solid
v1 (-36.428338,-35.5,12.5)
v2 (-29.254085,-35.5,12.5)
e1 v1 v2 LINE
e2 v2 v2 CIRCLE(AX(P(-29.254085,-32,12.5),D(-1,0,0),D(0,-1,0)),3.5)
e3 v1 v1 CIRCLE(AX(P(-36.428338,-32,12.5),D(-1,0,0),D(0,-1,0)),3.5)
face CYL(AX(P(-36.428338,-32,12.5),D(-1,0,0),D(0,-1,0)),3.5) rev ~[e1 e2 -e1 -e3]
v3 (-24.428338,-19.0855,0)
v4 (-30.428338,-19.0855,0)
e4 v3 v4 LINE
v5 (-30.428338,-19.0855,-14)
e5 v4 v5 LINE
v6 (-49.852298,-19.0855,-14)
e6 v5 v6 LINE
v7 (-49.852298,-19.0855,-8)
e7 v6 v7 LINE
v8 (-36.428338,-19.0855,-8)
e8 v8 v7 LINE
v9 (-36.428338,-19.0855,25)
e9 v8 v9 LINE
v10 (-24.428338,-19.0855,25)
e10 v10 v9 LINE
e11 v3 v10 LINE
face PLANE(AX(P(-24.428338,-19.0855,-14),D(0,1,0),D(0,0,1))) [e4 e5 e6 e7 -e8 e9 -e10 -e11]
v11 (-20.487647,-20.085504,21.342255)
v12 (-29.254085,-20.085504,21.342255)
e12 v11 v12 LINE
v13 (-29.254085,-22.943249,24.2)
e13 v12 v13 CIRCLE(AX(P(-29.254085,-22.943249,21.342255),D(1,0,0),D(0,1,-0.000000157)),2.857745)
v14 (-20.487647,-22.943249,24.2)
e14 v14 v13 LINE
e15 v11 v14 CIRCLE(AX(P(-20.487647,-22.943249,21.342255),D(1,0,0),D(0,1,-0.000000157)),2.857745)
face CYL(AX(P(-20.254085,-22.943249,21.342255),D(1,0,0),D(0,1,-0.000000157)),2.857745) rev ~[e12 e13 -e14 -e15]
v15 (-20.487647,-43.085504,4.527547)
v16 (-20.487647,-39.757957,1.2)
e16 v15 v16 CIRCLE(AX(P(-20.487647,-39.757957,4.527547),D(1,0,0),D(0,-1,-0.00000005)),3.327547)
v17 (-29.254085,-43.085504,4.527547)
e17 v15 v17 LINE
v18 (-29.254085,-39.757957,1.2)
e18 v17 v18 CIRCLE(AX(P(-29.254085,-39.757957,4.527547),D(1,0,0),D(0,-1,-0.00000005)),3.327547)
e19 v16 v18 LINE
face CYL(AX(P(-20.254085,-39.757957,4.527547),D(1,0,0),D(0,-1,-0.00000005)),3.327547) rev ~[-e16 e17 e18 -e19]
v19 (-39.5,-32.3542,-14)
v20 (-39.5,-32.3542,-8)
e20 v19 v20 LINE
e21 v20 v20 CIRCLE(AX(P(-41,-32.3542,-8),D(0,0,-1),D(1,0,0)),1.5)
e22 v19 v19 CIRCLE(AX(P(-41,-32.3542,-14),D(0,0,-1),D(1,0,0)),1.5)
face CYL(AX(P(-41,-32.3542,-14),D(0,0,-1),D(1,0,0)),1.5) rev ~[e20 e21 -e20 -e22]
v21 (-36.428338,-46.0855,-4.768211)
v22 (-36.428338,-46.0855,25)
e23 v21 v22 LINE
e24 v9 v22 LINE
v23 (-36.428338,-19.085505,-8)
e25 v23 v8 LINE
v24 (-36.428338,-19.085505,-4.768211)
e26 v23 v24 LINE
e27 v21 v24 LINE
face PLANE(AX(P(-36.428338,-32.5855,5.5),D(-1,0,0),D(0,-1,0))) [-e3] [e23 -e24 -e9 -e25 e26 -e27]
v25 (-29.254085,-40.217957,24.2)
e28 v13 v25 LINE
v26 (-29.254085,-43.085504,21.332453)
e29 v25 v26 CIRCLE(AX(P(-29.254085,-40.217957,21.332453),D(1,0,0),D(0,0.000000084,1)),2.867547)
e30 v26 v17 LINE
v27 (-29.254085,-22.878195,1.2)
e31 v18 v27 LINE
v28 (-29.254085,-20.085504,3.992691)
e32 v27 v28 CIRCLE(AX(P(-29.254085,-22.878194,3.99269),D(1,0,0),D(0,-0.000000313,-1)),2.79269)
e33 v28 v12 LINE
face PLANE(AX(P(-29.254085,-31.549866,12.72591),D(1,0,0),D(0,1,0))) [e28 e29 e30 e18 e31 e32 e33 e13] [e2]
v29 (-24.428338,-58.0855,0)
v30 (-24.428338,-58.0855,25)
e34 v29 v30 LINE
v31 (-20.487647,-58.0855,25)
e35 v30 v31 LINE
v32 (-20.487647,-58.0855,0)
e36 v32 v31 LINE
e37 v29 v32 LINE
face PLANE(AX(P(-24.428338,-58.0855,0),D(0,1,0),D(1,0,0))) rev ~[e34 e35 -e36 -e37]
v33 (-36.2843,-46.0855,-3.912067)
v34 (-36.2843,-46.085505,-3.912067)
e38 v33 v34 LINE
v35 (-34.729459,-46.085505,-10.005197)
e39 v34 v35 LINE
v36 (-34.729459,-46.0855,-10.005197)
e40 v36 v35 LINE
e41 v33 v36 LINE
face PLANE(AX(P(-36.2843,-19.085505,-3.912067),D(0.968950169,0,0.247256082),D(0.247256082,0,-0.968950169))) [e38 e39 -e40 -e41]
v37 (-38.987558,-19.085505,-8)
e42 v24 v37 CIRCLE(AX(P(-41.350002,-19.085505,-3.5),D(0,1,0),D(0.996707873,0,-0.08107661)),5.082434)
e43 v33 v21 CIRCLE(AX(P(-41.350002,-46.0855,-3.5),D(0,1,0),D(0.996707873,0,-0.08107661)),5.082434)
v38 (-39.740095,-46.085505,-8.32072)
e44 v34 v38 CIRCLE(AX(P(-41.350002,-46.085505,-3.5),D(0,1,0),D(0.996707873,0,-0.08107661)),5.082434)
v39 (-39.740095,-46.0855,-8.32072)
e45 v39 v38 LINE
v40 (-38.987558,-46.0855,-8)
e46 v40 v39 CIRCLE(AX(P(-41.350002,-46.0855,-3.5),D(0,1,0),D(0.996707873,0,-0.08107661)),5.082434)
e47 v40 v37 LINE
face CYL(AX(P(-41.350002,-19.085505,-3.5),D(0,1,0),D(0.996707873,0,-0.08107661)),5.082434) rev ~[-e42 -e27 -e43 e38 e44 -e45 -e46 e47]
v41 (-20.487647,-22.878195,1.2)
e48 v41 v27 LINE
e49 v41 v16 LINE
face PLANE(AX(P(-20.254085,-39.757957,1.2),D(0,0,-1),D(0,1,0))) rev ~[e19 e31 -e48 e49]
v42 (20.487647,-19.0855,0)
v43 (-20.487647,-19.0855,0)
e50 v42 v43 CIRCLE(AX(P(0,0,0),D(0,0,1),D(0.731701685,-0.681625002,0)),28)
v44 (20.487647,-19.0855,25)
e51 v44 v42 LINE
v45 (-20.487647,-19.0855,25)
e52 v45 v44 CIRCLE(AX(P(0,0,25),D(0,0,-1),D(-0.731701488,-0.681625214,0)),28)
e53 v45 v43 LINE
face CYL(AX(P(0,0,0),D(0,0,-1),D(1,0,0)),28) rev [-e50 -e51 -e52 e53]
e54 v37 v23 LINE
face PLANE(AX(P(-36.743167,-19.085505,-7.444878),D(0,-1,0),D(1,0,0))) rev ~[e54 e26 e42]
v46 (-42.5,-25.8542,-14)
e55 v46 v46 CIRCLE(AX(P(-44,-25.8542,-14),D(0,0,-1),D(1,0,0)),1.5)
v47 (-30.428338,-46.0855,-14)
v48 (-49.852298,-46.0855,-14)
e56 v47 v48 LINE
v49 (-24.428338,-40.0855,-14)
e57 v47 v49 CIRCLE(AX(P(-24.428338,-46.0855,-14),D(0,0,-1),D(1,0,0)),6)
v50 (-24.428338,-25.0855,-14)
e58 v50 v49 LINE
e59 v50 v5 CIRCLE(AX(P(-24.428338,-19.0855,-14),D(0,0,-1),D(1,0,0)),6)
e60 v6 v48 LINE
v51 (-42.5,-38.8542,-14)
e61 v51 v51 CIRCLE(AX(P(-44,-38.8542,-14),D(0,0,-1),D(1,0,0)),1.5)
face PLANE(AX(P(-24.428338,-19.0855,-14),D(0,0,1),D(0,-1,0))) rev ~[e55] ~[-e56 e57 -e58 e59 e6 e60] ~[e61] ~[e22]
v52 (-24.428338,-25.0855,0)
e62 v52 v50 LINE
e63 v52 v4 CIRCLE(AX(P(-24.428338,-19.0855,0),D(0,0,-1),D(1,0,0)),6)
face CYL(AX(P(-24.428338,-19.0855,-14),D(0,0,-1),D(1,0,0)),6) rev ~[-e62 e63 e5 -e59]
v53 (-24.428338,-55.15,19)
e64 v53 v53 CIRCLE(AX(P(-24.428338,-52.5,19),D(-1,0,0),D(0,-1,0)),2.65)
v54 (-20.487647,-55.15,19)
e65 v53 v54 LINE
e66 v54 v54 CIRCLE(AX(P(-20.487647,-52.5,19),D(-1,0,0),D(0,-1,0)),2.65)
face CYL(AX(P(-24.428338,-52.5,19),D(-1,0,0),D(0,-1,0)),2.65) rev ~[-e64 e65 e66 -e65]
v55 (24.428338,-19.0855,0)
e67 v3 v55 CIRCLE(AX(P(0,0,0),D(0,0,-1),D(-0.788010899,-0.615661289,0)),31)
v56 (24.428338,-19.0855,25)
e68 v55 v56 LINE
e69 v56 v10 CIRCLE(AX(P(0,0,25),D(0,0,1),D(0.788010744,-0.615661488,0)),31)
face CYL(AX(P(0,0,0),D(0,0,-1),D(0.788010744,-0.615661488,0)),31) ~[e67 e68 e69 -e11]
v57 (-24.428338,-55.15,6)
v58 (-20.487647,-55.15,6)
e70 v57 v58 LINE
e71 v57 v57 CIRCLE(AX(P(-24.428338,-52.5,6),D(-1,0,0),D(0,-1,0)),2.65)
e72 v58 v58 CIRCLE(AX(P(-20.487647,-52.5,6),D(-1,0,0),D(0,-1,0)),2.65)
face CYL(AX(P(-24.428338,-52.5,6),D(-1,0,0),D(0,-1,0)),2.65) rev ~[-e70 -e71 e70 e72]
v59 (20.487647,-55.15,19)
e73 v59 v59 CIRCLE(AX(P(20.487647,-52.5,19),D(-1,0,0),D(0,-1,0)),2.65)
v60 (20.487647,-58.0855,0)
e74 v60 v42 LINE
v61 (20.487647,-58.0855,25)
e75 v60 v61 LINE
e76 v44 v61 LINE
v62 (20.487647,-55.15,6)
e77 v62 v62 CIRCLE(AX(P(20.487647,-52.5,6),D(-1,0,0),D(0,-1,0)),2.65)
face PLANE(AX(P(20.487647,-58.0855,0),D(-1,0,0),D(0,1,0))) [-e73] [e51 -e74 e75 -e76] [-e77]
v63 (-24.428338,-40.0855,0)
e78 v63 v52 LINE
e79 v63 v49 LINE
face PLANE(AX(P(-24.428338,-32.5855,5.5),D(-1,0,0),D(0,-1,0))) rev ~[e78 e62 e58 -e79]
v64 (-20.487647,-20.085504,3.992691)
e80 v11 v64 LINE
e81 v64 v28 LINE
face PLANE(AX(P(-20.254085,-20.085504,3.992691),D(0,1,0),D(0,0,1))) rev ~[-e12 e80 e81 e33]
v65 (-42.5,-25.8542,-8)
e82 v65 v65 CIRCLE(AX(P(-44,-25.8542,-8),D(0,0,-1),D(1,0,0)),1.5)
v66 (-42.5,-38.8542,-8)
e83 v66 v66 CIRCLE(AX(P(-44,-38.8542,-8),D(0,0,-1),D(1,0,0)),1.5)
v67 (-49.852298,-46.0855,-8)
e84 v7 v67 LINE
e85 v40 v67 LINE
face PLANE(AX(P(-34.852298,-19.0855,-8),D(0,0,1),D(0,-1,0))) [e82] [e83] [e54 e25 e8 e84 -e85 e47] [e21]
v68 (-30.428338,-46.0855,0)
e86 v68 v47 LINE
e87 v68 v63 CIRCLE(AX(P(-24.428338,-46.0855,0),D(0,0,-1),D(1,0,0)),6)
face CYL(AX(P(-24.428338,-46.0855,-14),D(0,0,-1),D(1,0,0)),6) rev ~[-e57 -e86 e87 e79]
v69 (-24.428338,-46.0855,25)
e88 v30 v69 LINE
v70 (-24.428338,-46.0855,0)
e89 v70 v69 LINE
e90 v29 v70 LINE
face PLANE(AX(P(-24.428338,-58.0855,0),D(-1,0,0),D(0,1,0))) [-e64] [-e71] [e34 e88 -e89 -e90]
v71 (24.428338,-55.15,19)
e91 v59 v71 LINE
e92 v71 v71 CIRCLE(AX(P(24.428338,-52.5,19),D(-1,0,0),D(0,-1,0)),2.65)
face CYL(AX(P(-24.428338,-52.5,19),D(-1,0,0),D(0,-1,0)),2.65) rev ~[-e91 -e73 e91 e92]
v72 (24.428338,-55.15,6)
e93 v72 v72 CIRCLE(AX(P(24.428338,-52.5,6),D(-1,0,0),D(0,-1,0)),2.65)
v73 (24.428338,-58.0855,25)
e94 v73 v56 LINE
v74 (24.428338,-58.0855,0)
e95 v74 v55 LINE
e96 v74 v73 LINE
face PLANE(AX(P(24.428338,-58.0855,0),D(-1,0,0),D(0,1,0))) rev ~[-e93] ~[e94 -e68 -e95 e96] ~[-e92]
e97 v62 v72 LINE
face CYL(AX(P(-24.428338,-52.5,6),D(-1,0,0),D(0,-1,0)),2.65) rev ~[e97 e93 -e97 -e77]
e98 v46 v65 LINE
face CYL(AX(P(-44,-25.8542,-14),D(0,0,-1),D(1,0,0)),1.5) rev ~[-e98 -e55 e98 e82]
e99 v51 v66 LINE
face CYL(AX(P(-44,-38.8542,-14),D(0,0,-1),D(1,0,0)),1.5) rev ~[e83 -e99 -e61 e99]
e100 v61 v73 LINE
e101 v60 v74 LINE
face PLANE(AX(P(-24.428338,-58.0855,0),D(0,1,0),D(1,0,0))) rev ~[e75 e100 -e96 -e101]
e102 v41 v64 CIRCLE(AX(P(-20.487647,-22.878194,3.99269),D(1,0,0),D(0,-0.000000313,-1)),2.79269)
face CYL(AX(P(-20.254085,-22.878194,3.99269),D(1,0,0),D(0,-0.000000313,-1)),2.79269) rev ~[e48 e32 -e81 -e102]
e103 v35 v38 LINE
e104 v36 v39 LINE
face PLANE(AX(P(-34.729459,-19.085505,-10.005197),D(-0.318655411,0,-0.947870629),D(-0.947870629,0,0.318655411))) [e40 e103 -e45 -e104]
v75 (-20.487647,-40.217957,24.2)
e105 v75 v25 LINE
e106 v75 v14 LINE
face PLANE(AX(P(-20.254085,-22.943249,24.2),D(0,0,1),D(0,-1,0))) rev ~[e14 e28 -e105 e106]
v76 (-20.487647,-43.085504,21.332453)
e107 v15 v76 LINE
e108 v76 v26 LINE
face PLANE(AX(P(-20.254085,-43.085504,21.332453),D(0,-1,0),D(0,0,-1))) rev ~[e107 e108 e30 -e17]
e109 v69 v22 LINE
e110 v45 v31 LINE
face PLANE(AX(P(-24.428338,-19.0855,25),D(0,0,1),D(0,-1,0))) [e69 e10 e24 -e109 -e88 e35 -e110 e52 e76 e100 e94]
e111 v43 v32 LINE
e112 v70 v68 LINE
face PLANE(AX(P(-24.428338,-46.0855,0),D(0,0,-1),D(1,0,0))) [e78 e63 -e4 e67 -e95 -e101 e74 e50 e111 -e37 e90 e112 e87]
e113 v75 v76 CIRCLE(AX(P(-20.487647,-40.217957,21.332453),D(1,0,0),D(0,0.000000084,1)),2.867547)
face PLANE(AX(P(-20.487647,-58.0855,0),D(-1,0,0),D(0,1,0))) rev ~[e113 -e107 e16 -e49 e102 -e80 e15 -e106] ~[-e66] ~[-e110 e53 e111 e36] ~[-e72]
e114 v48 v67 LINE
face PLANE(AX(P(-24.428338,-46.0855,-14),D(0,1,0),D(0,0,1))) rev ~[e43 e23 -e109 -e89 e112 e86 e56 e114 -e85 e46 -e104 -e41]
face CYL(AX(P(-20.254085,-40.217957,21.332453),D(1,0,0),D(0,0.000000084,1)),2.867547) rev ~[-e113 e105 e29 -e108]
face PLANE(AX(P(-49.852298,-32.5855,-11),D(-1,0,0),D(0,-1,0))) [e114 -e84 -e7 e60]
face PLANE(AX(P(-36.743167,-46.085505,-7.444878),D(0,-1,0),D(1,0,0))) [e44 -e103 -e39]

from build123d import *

# Parameters (mm, degrees)
PAD079_DEPTH    = 25
SKETCH168_R     = 28
POCKET096_DEPTH = 25
SKETCH169_W     = 48.856676
SKETCH169_H     = 39
PAD080_DEPTH    = 25
SKETCH172_W     = 27
SKETCH172_H     = 39
PAD081_DEPTH    = 12
SKETCH175_W     = 27
SKETCH175_H     = 6
PAD082_DEPTH    = 15
SKETCH170_W     = 40.975294
SKETCH170_H     = 39
POCKET097_DEPTH = 25.001
PAD083_DEPTH    = 27
POCKET098_DEPTH = 9
SKETCH177_R     = 6
POCKET099_DEPTH = 14
SKETCH171_R     = 2.65
POCKET100_DEPTH = 55.429338
SKETCH174_R     = 3.5
POCKET101_DEPTH = 8
SKETCH176_R     = 1.5
POCKET102_DEPTH = 6


with BuildPart() as part:
    # Sketch167 → Pad079 (new body)
    with BuildSketch(Plane.XY):
        with BuildLine():
            ThreePointArc((24.428333, -19.085506), (0, 31), (-24.428333, -19.085506))
            Line((-24.428333, -19.085506), (24.428333, -19.085506))
        make_face()
    extrude(amount=PAD079_DEPTH)

    # Sketch168 → Pocket096 (cut)
    with BuildSketch(Plane.XY):
        Circle(SKETCH168_R)
    extrude(amount=POCKET096_DEPTH, mode=Mode.SUBTRACT)

    # Sketch169 → Pad080 (join)
    with BuildSketch(Plane.XY):
        with Locations((0, -38.5855)):
            Rectangle(SKETCH169_W, SKETCH169_H)
    extrude(amount=PAD080_DEPTH)

    # Sketch172 (on Face3 of Pad080) → Pad081 (join)
    with BuildSketch(Plane(origin=(-24.428338, 0, 0), x_dir=(0, -1, 0), z_dir=(-1, 0, 0))):
        with Locations((32.5855, 5.5)):
            Rectangle(SKETCH172_W, SKETCH172_H)
    extrude(amount=PAD081_DEPTH)

    # Sketch175 → Pad082 (join)
    with BuildSketch(Plane(origin=(-34.852298, 0, 0), x_dir=(0, -1, 0), z_dir=(-1, 0, 0))):
        with Locations((32.5855, -11)):
            Rectangle(SKETCH175_W, SKETCH175_H)
    extrude(amount=PAD082_DEPTH)

    # Sketch170 → Pocket097 (cut, through all)
    with BuildSketch(Plane.XY):
        with Locations((0, -38.5855)):
            Rectangle(SKETCH170_W, SKETCH170_H)
    extrude(amount=POCKET097_DEPTH, mode=Mode.SUBTRACT)

    # Sketch178 (on Face3 of Pocket097) → Pad083 (join)
    with BuildSketch(Plane(origin=(-2e-06, -19.085505, 0), x_dir=(-1, 0, 0), z_dir=(0, 1, 0))):
        with BuildLine():
            ThreePointArc((36.284298, -3.912067), (37.350001, -6.635466), (39.740093, -8.32072))
            Line((34.729457, -10.005197), (39.740093, -8.32072))
            Line((36.284298, -3.912067), (34.729457, -10.005197))
        make_face()
    extrude(amount=-PAD083_DEPTH)

    # Sketch173 → Pocket098 (cut)
    with BuildSketch(Plane(origin=(-20.254085, -4e-06, 0), x_dir=(0, 1, 0), z_dir=(1, 0, 0))):
        with BuildLine():
            Line((-43.0855, 21.332453), (-43.0855, 4.527547))
            ThreePointArc((-43.0855, 4.527547), (-42.110884, 2.174616), (-39.757953, 1.2))
            Line((-39.757953, 1.2), (-22.878191, 1.2))
            ThreePointArc((-22.878191, 1.2), (-20.90346, 2.01796), (-20.0855, 3.992691))
            Line((-20.0855, 3.992691), (-20.0855, 21.342255))
            ThreePointArc((-20.0855, 21.342255), (-20.922514, 23.362986), (-22.943245, 24.2))
            Line((-22.943245, 24.2), (-40.217953, 24.2))
            ThreePointArc((-40.217953, 24.2), (-42.245615, 23.360115), (-43.0855, 21.332453))
        make_face()
    extrude(amount=-POCKET098_DEPTH, mode=Mode.SUBTRACT)

    # Sketch177 → Pocket099 (cut)
    with BuildSketch(Plane(origin=(0, 0, -14), x_dir=(1, 0, 0), z_dir=(0, 0, -1))):
        with Locations((-24.428338, 46.0855)):
            Circle(SKETCH177_R)
        with Locations((-24.428338, 19.0855)):
            Circle(SKETCH177_R)
    extrude(amount=-POCKET099_DEPTH, mode=Mode.SUBTRACT)

    # Sketch171 (on Face12 of Pocket099) → Pocket100 (cut, through all)
    with BuildSketch(Plane(origin=(-24.428338, 0, 0), x_dir=(0, -1, 0), z_dir=(-1, 0, 0))):
        with Locations((52.5, 19)):
            Circle(SKETCH171_R)
        with Locations((52.5, 6)):
            Circle(SKETCH171_R)
    extrude(amount=-POCKET100_DEPTH, mode=Mode.SUBTRACT)

    # Sketch174 (on Face7 of Pocket100) → Pocket101 (cut)
    with BuildSketch(Plane(origin=(-36.428338, 0, 0), x_dir=(0, -1, 0), z_dir=(-1, 0, 0))):
        with Locations((32, 12.5)):
            Circle(SKETCH174_R)
    extrude(amount=-POCKET101_DEPTH, mode=Mode.SUBTRACT)

    # Sketch176 (on Face10 of Pocket101) → Pocket102 (cut)
    with BuildSketch(Plane(origin=(0, 0, -14), x_dir=(1, 0, 0), z_dir=(0, 0, -1))):
        with Locations((-44, 38.8542)):
            Circle(SKETCH176_R)
        with Locations((-44, 25.8542)):
            Circle(SKETCH176_R)
        with Locations((-41, 32.3542)):
            Circle(SKETCH176_R)
    extrude(amount=-POCKET102_DEPTH, mode=Mode.SUBTRACT)


solid = part.part
